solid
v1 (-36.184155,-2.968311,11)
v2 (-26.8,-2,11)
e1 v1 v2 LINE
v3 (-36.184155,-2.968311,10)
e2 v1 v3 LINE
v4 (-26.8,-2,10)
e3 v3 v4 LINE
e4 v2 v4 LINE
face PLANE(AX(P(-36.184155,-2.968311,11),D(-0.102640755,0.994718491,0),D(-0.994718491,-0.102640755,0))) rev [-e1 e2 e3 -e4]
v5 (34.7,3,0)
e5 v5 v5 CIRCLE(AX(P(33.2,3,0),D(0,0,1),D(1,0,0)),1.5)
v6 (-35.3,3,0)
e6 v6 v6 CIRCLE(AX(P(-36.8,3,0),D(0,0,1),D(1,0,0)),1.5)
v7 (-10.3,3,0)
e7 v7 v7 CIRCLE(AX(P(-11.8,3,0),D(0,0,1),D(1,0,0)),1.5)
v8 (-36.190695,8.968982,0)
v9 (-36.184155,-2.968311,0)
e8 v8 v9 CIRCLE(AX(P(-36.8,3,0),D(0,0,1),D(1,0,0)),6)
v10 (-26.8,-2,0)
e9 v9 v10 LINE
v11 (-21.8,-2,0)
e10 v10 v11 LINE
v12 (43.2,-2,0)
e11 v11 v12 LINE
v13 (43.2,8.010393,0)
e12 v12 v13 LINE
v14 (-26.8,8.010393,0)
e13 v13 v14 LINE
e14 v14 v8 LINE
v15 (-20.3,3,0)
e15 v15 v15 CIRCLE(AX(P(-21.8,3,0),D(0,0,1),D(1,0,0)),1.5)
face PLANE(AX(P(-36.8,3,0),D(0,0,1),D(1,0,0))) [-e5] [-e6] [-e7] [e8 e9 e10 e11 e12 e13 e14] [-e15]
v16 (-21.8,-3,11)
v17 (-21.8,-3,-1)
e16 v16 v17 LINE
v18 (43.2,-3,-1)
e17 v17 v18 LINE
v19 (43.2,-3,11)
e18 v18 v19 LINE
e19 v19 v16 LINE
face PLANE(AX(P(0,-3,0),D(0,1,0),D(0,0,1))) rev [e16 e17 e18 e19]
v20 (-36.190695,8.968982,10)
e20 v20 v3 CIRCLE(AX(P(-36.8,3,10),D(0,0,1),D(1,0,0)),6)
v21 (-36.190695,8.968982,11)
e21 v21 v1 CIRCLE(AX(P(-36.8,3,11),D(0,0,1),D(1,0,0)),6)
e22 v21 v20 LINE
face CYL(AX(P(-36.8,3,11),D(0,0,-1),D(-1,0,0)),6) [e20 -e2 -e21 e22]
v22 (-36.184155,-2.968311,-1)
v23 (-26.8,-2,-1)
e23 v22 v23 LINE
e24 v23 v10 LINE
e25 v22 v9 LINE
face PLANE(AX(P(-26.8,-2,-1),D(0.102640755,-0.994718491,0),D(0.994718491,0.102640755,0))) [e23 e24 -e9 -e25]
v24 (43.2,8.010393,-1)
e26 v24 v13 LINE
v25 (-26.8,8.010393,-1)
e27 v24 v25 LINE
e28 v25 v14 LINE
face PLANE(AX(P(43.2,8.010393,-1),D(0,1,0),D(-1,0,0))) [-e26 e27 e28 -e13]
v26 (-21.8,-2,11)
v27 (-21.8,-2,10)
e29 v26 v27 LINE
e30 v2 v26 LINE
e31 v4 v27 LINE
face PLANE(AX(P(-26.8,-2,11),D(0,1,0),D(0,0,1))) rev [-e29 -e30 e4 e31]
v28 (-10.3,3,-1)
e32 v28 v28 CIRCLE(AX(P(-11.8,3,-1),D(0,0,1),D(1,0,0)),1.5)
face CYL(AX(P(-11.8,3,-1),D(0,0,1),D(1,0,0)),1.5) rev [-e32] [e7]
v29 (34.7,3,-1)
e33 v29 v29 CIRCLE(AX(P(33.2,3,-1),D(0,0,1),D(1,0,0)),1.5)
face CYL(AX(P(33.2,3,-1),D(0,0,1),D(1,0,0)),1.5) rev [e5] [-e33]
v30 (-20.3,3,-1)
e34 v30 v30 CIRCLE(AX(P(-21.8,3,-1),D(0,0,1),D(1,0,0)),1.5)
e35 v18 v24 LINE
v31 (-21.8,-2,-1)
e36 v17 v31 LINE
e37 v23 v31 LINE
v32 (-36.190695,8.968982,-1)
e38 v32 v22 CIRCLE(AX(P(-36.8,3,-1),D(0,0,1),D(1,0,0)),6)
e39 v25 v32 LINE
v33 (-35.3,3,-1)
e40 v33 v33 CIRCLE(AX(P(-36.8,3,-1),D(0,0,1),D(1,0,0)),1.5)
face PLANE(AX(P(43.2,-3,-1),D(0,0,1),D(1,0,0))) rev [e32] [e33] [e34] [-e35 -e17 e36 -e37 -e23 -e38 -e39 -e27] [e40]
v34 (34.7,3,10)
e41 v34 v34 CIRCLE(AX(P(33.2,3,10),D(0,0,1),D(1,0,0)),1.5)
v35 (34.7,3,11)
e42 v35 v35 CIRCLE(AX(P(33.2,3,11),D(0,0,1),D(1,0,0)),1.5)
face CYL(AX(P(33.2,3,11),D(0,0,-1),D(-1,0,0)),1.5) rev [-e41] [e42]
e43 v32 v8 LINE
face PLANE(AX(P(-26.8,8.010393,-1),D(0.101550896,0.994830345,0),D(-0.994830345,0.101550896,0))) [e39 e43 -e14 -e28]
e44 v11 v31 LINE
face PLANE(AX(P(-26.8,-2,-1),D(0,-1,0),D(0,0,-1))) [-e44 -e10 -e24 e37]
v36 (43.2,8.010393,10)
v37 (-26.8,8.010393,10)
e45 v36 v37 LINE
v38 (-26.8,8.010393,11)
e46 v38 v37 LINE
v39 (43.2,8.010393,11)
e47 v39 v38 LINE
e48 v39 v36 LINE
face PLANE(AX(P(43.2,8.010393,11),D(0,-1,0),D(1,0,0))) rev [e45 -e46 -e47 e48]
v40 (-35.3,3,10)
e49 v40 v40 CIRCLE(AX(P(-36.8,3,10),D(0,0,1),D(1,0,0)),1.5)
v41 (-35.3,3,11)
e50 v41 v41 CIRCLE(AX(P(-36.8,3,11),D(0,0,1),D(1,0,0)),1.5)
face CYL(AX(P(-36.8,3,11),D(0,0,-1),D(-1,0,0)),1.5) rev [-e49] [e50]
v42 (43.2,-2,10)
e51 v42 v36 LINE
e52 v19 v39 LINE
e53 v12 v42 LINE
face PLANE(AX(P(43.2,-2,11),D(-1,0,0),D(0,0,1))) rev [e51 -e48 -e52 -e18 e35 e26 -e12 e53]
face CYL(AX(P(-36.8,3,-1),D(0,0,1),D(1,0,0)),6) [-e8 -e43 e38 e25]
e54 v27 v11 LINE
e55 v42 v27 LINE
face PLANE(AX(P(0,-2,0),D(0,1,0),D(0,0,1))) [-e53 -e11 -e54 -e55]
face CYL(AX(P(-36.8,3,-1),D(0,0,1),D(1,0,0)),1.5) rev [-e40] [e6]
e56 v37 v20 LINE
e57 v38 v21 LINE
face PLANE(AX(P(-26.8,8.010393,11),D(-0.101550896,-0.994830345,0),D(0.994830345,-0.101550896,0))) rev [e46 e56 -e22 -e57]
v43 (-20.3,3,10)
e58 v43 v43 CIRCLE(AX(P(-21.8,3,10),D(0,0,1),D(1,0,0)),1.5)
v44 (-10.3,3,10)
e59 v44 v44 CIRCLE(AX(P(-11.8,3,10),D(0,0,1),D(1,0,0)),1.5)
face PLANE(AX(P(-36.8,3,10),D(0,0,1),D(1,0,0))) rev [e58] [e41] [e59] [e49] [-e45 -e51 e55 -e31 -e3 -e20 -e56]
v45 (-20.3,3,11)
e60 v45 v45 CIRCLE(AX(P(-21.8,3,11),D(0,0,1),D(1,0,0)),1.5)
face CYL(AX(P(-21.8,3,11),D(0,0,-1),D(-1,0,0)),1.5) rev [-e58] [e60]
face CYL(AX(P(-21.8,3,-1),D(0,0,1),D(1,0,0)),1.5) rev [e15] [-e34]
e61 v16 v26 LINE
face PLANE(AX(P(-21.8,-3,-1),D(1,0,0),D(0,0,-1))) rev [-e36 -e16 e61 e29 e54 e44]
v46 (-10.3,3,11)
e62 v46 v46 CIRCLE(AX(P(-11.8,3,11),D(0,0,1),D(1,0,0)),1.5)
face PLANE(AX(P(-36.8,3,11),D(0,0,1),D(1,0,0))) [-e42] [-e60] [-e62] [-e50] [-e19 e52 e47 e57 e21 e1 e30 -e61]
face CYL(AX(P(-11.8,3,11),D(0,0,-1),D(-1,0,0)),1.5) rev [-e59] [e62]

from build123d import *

# Parameters (mm, degrees)
SKETCH_3_R      = 1.5
EXTRUDE_1_DEPTH = 1
SKETCH_1_R      = 1.5
EXTRUDE_2_DEPTH = 1
SKETCH_4_W      = 65
SKETCH_4_H      = 12
EXTRUDE_3_DEPTH = 1


with BuildPart() as part:
    # 草图3 → 凸台-拉伸1 (new body)
    with BuildSketch(Plane.XY.offset(10)):
        with BuildLine():
            Line((-26.8, 8.010393038), (-36.190694621, 8.96898207))
            ThreePointArc((-36.190694621, 8.96898207), (-42.7999991, 2.996713251), (-36.184155472, -2.968310943))
            Line((-36.184155472, -2.968310943), (-26.8, -2))
            Line((-26.8, -2), (43.2, -2))
            Line((43.2, -2), (43.2, 8.010393038))
            Line((43.2, 8.010393038), (-26.8, 8.010393038))
        make_face()
        with Locations((33.2, 3)):
            Circle(SKETCH_3_R, mode=Mode.SUBTRACT)
        with Locations((-11.8, 3)):
            Circle(SKETCH_3_R, mode=Mode.SUBTRACT)
        with Locations((-21.8, 3)):
            Circle(SKETCH_3_R, mode=Mode.SUBTRACT)
        with Locations((-36.8, 3)):
            Circle(SKETCH_3_R, mode=Mode.SUBTRACT)
    extrude(amount=EXTRUDE_1_DEPTH)



with BuildPart() as body_2:
    # 草图1 → 凸台-拉伸2 (new body)
    with BuildSketch(Plane.XY):
        with BuildLine():
            Line((43.2, 8.010393038), (-26.8, 8.010393038))
            Line((-26.8, 8.010393038), (-36.190694621, 8.96898207))
            ThreePointArc((-36.190694621, 8.96898207), (-42.7999991, 2.996713251), (-36.184155472, -2.968310943))
            Line((-36.184155472, -2.968310943), (-26.8, -2))
            Line((-26.8, -2), (43.2, -2))
            Line((43.2, -2), (43.2, 8.010393038))
        make_face()
        with Locations((-36.8, 3)):
            Circle(SKETCH_1_R, mode=Mode.SUBTRACT)
        with Locations((-21.8, 3)):
            Circle(SKETCH_1_R, mode=Mode.SUBTRACT)
        with Locations((-11.8, 3)):
            Circle(SKETCH_1_R, mode=Mode.SUBTRACT)
        with Locations((33.2, 3)):
            Circle(SKETCH_1_R, mode=Mode.SUBTRACT)
    extrude(amount=-EXTRUDE_2_DEPTH)


with BuildPart() as part_1:
    add(part.part)

    add(body_2.part)  # 凸台-拉伸3 merges body 2
    # 草图4 → 凸台-拉伸3 (add)
    with BuildSketch(Plane.XZ.offset(2)):
        with Locations((10.7, 5)):
            Rectangle(SKETCH_4_W, SKETCH_4_H)
    extrude(amount=EXTRUDE_3_DEPTH)


solid = part_1.part
